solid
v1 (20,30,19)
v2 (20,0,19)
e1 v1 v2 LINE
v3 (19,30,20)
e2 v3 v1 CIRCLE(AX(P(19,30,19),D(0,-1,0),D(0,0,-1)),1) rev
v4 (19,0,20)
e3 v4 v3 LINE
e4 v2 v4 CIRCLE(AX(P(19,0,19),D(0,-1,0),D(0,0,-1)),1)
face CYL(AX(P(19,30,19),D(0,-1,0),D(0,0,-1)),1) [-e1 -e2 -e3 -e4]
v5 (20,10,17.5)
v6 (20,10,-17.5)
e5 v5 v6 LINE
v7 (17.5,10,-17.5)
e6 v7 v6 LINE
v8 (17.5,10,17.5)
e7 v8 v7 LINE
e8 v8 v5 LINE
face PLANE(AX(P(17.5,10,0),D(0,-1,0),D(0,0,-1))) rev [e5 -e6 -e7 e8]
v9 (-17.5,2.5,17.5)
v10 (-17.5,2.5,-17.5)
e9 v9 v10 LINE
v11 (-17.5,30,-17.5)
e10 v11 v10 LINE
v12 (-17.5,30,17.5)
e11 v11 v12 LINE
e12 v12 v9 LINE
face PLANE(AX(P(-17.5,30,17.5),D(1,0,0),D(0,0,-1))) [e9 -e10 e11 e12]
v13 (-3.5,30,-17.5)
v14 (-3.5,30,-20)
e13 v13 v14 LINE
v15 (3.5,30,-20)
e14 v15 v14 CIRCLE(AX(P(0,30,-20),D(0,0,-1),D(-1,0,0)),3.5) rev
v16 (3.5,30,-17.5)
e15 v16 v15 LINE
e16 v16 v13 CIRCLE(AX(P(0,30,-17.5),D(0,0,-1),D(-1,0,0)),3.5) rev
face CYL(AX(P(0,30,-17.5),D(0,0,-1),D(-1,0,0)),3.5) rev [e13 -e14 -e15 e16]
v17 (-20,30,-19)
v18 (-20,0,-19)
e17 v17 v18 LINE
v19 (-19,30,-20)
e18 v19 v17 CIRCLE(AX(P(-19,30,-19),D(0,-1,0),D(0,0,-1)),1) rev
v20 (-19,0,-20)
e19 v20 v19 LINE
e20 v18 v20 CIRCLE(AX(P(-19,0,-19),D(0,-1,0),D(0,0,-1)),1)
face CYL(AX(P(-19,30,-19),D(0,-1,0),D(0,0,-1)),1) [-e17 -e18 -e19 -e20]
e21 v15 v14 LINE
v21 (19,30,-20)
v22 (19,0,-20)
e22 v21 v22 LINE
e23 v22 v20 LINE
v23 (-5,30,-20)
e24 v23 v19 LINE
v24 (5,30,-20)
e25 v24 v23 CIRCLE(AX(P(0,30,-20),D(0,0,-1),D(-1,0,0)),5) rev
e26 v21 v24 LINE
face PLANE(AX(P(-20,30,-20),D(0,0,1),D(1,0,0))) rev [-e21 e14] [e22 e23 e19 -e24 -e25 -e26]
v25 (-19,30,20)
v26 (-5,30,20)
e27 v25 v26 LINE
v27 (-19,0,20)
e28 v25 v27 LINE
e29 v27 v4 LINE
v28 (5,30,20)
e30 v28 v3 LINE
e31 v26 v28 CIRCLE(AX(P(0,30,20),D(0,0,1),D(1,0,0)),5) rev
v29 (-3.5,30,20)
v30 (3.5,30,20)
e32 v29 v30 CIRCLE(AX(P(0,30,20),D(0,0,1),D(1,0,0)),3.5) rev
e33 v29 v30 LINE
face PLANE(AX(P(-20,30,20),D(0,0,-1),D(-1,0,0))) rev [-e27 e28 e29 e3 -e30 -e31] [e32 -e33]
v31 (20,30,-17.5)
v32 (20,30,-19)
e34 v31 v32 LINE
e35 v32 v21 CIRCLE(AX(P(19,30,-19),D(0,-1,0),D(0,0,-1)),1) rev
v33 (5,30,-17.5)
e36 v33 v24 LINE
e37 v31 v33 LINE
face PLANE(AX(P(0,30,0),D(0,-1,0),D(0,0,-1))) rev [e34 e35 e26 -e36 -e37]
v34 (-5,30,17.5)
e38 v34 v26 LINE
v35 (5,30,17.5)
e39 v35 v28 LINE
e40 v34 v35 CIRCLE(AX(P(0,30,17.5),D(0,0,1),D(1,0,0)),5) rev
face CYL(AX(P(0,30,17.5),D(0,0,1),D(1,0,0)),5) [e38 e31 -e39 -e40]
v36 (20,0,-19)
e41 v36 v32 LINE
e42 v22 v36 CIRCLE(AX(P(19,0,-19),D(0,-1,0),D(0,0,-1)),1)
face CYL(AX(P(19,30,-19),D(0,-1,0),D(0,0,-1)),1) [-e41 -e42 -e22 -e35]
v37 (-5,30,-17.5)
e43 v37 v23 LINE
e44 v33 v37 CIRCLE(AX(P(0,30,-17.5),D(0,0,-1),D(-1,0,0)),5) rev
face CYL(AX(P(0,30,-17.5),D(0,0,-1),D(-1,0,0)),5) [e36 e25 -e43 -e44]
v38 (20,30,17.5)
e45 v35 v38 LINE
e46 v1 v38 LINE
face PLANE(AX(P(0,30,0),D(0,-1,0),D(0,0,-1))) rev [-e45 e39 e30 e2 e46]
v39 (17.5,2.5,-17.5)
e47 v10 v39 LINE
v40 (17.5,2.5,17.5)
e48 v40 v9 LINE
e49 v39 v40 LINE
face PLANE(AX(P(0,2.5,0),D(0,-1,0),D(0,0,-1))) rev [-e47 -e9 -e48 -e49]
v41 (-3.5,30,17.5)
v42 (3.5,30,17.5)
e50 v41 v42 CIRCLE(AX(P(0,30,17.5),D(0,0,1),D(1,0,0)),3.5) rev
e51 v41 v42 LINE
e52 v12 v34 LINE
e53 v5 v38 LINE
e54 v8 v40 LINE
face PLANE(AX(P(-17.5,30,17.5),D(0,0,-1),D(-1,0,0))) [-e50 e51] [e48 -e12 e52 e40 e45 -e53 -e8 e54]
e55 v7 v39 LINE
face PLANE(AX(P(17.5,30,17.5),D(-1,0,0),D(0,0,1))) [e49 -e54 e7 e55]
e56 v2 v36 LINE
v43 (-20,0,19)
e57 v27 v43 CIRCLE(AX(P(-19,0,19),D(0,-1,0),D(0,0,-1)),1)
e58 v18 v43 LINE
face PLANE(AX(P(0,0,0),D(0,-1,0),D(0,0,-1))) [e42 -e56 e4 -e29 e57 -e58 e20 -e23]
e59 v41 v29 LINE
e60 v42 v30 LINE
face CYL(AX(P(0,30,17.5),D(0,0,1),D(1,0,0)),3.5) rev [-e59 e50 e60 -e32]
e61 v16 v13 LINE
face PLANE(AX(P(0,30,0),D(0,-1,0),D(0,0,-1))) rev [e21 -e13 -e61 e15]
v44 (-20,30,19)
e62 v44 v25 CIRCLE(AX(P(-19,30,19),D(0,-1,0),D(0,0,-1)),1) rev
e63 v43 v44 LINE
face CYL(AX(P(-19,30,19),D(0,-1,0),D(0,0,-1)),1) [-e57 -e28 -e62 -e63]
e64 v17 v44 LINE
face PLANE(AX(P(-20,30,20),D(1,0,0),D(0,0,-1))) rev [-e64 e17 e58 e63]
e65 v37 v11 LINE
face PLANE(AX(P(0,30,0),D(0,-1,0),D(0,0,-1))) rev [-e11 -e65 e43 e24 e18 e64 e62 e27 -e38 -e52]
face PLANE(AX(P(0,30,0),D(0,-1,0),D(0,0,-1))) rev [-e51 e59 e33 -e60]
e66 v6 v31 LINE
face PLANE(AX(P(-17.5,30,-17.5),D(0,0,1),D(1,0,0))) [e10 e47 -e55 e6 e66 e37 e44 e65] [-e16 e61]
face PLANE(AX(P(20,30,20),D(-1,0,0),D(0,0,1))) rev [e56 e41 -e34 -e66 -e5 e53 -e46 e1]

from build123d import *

# Parameters (mm, degrees)
SKETCH1_W           = 40
SKETCH1_H           = 40
SKETCH1_W_2         = 35
SKETCH1_H_2         = 35
BOSS_EXTRUDE1_DEPTH = 30
SKETCH2_W           = 40
SKETCH2_H           = 40
BOSS_EXTRUDE2_DEPTH = 2.5
SKETCH3_W           = 35
SKETCH3_H           = 20
CUT_EXTRUDE1_DEPTH  = 2.5
FILLET1_R           = 1
FILLET2_R           = 1
BOSS_EXTRUDE3_DEPTH = 2.5
BOSS_EXTRUDE4_DEPTH = 2.5


with BuildPart() as part:
    # Sketch1 → Boss-Extrude1 (new body)
    with BuildSketch(Plane(origin=(0, 0, 0), x_dir=(1, 0, 0), z_dir=(0, 1, 0))):
        Rectangle(SKETCH1_W, SKETCH1_H)
        Rectangle(SKETCH1_W_2, SKETCH1_H_2, mode=Mode.SUBTRACT)
    extrude(amount=BOSS_EXTRUDE1_DEPTH)

    # Sketch2 → Boss-Extrude2 (add)
    with BuildSketch(Plane(origin=(0, 0, 0), x_dir=(1, 0, 0), z_dir=(0, 1, 0))):
        Rectangle(SKETCH2_W, SKETCH2_H)
    extrude(amount=BOSS_EXTRUDE2_DEPTH)

    # Sketch3 → Cut-Extrude1 (cut)
    with BuildSketch(Plane(origin=(20, 0, 0), x_dir=(0, 0, -1), z_dir=(1, 0, 0))):
        with Locations((0, 20)):
            Rectangle(SKETCH3_W, SKETCH3_H)
    extrude(amount=-CUT_EXTRUDE1_DEPTH, mode=Mode.SUBTRACT)

    # Fillet1
    fillet1_edges = [part.edges().sort_by_distance(p)[0] for p in [
        (20, 15, 20),
        (-20, 15, 20),
    ]]
    fillet(fillet1_edges, radius=FILLET1_R)

    # Fillet2
    fillet2_edges = [part.edges().sort_by_distance(p)[0] for p in [
        (-20, 15, -20),
        (20, 15, -20),
    ]]
    fillet(fillet2_edges, radius=FILLET2_R)

    # Sketch4 → Boss-Extrude3 (add)
    with BuildSketch(Plane.XY.offset(20)):
        with BuildLine():
            ThreePointArc((-3.5, 30), (-2.474873734, 32.474873734), (0, 33.5))
            Line((0, 33.5), (0, 35))
            ThreePointArc((0, 35), (-3.535533906, 33.535533906), (-5, 30))
            Line((-5, 30), (-3.5, 30))
        make_face()
        with BuildLine():
            Line((0, 35), (0, 33.5))
            ThreePointArc((0, 33.5), (2.474873734, 32.474873734), (3.5, 30))
            Line((3.5, 30), (5, 30))
            ThreePointArc((5, 30), (3.535533906, 33.535533906), (0, 35))
        make_face()
    extrude(amount=-BOSS_EXTRUDE3_DEPTH)

    # Sketch5 → Boss-Extrude4 (add)
    with BuildSketch(Plane(origin=(0, 0, -20), x_dir=(-1, 0, 0), z_dir=(0, 0, -1))):
        with BuildLine():
            ThreePointArc((-3.5, 30), (-2.474873734, 32.474873734), (0, 33.5))
            Line((0, 33.5), (0, 35))
            ThreePointArc((0, 35), (-3.535533906, 33.535533906), (-5, 30))
            Line((-5, 30), (-3.5, 30))
        make_face()
        with BuildLine():
            Line((0, 35), (0, 33.5))
            ThreePointArc((0, 33.5), (2.474873734, 32.474873734), (3.5, 30))
            Line((3.5, 30), (5, 30))
            ThreePointArc((5, 30), (3.535533906, 33.535533906), (0, 35))
        make_face()
    extrude(amount=-BOSS_EXTRUDE4_DEPTH)


solid = part.part
